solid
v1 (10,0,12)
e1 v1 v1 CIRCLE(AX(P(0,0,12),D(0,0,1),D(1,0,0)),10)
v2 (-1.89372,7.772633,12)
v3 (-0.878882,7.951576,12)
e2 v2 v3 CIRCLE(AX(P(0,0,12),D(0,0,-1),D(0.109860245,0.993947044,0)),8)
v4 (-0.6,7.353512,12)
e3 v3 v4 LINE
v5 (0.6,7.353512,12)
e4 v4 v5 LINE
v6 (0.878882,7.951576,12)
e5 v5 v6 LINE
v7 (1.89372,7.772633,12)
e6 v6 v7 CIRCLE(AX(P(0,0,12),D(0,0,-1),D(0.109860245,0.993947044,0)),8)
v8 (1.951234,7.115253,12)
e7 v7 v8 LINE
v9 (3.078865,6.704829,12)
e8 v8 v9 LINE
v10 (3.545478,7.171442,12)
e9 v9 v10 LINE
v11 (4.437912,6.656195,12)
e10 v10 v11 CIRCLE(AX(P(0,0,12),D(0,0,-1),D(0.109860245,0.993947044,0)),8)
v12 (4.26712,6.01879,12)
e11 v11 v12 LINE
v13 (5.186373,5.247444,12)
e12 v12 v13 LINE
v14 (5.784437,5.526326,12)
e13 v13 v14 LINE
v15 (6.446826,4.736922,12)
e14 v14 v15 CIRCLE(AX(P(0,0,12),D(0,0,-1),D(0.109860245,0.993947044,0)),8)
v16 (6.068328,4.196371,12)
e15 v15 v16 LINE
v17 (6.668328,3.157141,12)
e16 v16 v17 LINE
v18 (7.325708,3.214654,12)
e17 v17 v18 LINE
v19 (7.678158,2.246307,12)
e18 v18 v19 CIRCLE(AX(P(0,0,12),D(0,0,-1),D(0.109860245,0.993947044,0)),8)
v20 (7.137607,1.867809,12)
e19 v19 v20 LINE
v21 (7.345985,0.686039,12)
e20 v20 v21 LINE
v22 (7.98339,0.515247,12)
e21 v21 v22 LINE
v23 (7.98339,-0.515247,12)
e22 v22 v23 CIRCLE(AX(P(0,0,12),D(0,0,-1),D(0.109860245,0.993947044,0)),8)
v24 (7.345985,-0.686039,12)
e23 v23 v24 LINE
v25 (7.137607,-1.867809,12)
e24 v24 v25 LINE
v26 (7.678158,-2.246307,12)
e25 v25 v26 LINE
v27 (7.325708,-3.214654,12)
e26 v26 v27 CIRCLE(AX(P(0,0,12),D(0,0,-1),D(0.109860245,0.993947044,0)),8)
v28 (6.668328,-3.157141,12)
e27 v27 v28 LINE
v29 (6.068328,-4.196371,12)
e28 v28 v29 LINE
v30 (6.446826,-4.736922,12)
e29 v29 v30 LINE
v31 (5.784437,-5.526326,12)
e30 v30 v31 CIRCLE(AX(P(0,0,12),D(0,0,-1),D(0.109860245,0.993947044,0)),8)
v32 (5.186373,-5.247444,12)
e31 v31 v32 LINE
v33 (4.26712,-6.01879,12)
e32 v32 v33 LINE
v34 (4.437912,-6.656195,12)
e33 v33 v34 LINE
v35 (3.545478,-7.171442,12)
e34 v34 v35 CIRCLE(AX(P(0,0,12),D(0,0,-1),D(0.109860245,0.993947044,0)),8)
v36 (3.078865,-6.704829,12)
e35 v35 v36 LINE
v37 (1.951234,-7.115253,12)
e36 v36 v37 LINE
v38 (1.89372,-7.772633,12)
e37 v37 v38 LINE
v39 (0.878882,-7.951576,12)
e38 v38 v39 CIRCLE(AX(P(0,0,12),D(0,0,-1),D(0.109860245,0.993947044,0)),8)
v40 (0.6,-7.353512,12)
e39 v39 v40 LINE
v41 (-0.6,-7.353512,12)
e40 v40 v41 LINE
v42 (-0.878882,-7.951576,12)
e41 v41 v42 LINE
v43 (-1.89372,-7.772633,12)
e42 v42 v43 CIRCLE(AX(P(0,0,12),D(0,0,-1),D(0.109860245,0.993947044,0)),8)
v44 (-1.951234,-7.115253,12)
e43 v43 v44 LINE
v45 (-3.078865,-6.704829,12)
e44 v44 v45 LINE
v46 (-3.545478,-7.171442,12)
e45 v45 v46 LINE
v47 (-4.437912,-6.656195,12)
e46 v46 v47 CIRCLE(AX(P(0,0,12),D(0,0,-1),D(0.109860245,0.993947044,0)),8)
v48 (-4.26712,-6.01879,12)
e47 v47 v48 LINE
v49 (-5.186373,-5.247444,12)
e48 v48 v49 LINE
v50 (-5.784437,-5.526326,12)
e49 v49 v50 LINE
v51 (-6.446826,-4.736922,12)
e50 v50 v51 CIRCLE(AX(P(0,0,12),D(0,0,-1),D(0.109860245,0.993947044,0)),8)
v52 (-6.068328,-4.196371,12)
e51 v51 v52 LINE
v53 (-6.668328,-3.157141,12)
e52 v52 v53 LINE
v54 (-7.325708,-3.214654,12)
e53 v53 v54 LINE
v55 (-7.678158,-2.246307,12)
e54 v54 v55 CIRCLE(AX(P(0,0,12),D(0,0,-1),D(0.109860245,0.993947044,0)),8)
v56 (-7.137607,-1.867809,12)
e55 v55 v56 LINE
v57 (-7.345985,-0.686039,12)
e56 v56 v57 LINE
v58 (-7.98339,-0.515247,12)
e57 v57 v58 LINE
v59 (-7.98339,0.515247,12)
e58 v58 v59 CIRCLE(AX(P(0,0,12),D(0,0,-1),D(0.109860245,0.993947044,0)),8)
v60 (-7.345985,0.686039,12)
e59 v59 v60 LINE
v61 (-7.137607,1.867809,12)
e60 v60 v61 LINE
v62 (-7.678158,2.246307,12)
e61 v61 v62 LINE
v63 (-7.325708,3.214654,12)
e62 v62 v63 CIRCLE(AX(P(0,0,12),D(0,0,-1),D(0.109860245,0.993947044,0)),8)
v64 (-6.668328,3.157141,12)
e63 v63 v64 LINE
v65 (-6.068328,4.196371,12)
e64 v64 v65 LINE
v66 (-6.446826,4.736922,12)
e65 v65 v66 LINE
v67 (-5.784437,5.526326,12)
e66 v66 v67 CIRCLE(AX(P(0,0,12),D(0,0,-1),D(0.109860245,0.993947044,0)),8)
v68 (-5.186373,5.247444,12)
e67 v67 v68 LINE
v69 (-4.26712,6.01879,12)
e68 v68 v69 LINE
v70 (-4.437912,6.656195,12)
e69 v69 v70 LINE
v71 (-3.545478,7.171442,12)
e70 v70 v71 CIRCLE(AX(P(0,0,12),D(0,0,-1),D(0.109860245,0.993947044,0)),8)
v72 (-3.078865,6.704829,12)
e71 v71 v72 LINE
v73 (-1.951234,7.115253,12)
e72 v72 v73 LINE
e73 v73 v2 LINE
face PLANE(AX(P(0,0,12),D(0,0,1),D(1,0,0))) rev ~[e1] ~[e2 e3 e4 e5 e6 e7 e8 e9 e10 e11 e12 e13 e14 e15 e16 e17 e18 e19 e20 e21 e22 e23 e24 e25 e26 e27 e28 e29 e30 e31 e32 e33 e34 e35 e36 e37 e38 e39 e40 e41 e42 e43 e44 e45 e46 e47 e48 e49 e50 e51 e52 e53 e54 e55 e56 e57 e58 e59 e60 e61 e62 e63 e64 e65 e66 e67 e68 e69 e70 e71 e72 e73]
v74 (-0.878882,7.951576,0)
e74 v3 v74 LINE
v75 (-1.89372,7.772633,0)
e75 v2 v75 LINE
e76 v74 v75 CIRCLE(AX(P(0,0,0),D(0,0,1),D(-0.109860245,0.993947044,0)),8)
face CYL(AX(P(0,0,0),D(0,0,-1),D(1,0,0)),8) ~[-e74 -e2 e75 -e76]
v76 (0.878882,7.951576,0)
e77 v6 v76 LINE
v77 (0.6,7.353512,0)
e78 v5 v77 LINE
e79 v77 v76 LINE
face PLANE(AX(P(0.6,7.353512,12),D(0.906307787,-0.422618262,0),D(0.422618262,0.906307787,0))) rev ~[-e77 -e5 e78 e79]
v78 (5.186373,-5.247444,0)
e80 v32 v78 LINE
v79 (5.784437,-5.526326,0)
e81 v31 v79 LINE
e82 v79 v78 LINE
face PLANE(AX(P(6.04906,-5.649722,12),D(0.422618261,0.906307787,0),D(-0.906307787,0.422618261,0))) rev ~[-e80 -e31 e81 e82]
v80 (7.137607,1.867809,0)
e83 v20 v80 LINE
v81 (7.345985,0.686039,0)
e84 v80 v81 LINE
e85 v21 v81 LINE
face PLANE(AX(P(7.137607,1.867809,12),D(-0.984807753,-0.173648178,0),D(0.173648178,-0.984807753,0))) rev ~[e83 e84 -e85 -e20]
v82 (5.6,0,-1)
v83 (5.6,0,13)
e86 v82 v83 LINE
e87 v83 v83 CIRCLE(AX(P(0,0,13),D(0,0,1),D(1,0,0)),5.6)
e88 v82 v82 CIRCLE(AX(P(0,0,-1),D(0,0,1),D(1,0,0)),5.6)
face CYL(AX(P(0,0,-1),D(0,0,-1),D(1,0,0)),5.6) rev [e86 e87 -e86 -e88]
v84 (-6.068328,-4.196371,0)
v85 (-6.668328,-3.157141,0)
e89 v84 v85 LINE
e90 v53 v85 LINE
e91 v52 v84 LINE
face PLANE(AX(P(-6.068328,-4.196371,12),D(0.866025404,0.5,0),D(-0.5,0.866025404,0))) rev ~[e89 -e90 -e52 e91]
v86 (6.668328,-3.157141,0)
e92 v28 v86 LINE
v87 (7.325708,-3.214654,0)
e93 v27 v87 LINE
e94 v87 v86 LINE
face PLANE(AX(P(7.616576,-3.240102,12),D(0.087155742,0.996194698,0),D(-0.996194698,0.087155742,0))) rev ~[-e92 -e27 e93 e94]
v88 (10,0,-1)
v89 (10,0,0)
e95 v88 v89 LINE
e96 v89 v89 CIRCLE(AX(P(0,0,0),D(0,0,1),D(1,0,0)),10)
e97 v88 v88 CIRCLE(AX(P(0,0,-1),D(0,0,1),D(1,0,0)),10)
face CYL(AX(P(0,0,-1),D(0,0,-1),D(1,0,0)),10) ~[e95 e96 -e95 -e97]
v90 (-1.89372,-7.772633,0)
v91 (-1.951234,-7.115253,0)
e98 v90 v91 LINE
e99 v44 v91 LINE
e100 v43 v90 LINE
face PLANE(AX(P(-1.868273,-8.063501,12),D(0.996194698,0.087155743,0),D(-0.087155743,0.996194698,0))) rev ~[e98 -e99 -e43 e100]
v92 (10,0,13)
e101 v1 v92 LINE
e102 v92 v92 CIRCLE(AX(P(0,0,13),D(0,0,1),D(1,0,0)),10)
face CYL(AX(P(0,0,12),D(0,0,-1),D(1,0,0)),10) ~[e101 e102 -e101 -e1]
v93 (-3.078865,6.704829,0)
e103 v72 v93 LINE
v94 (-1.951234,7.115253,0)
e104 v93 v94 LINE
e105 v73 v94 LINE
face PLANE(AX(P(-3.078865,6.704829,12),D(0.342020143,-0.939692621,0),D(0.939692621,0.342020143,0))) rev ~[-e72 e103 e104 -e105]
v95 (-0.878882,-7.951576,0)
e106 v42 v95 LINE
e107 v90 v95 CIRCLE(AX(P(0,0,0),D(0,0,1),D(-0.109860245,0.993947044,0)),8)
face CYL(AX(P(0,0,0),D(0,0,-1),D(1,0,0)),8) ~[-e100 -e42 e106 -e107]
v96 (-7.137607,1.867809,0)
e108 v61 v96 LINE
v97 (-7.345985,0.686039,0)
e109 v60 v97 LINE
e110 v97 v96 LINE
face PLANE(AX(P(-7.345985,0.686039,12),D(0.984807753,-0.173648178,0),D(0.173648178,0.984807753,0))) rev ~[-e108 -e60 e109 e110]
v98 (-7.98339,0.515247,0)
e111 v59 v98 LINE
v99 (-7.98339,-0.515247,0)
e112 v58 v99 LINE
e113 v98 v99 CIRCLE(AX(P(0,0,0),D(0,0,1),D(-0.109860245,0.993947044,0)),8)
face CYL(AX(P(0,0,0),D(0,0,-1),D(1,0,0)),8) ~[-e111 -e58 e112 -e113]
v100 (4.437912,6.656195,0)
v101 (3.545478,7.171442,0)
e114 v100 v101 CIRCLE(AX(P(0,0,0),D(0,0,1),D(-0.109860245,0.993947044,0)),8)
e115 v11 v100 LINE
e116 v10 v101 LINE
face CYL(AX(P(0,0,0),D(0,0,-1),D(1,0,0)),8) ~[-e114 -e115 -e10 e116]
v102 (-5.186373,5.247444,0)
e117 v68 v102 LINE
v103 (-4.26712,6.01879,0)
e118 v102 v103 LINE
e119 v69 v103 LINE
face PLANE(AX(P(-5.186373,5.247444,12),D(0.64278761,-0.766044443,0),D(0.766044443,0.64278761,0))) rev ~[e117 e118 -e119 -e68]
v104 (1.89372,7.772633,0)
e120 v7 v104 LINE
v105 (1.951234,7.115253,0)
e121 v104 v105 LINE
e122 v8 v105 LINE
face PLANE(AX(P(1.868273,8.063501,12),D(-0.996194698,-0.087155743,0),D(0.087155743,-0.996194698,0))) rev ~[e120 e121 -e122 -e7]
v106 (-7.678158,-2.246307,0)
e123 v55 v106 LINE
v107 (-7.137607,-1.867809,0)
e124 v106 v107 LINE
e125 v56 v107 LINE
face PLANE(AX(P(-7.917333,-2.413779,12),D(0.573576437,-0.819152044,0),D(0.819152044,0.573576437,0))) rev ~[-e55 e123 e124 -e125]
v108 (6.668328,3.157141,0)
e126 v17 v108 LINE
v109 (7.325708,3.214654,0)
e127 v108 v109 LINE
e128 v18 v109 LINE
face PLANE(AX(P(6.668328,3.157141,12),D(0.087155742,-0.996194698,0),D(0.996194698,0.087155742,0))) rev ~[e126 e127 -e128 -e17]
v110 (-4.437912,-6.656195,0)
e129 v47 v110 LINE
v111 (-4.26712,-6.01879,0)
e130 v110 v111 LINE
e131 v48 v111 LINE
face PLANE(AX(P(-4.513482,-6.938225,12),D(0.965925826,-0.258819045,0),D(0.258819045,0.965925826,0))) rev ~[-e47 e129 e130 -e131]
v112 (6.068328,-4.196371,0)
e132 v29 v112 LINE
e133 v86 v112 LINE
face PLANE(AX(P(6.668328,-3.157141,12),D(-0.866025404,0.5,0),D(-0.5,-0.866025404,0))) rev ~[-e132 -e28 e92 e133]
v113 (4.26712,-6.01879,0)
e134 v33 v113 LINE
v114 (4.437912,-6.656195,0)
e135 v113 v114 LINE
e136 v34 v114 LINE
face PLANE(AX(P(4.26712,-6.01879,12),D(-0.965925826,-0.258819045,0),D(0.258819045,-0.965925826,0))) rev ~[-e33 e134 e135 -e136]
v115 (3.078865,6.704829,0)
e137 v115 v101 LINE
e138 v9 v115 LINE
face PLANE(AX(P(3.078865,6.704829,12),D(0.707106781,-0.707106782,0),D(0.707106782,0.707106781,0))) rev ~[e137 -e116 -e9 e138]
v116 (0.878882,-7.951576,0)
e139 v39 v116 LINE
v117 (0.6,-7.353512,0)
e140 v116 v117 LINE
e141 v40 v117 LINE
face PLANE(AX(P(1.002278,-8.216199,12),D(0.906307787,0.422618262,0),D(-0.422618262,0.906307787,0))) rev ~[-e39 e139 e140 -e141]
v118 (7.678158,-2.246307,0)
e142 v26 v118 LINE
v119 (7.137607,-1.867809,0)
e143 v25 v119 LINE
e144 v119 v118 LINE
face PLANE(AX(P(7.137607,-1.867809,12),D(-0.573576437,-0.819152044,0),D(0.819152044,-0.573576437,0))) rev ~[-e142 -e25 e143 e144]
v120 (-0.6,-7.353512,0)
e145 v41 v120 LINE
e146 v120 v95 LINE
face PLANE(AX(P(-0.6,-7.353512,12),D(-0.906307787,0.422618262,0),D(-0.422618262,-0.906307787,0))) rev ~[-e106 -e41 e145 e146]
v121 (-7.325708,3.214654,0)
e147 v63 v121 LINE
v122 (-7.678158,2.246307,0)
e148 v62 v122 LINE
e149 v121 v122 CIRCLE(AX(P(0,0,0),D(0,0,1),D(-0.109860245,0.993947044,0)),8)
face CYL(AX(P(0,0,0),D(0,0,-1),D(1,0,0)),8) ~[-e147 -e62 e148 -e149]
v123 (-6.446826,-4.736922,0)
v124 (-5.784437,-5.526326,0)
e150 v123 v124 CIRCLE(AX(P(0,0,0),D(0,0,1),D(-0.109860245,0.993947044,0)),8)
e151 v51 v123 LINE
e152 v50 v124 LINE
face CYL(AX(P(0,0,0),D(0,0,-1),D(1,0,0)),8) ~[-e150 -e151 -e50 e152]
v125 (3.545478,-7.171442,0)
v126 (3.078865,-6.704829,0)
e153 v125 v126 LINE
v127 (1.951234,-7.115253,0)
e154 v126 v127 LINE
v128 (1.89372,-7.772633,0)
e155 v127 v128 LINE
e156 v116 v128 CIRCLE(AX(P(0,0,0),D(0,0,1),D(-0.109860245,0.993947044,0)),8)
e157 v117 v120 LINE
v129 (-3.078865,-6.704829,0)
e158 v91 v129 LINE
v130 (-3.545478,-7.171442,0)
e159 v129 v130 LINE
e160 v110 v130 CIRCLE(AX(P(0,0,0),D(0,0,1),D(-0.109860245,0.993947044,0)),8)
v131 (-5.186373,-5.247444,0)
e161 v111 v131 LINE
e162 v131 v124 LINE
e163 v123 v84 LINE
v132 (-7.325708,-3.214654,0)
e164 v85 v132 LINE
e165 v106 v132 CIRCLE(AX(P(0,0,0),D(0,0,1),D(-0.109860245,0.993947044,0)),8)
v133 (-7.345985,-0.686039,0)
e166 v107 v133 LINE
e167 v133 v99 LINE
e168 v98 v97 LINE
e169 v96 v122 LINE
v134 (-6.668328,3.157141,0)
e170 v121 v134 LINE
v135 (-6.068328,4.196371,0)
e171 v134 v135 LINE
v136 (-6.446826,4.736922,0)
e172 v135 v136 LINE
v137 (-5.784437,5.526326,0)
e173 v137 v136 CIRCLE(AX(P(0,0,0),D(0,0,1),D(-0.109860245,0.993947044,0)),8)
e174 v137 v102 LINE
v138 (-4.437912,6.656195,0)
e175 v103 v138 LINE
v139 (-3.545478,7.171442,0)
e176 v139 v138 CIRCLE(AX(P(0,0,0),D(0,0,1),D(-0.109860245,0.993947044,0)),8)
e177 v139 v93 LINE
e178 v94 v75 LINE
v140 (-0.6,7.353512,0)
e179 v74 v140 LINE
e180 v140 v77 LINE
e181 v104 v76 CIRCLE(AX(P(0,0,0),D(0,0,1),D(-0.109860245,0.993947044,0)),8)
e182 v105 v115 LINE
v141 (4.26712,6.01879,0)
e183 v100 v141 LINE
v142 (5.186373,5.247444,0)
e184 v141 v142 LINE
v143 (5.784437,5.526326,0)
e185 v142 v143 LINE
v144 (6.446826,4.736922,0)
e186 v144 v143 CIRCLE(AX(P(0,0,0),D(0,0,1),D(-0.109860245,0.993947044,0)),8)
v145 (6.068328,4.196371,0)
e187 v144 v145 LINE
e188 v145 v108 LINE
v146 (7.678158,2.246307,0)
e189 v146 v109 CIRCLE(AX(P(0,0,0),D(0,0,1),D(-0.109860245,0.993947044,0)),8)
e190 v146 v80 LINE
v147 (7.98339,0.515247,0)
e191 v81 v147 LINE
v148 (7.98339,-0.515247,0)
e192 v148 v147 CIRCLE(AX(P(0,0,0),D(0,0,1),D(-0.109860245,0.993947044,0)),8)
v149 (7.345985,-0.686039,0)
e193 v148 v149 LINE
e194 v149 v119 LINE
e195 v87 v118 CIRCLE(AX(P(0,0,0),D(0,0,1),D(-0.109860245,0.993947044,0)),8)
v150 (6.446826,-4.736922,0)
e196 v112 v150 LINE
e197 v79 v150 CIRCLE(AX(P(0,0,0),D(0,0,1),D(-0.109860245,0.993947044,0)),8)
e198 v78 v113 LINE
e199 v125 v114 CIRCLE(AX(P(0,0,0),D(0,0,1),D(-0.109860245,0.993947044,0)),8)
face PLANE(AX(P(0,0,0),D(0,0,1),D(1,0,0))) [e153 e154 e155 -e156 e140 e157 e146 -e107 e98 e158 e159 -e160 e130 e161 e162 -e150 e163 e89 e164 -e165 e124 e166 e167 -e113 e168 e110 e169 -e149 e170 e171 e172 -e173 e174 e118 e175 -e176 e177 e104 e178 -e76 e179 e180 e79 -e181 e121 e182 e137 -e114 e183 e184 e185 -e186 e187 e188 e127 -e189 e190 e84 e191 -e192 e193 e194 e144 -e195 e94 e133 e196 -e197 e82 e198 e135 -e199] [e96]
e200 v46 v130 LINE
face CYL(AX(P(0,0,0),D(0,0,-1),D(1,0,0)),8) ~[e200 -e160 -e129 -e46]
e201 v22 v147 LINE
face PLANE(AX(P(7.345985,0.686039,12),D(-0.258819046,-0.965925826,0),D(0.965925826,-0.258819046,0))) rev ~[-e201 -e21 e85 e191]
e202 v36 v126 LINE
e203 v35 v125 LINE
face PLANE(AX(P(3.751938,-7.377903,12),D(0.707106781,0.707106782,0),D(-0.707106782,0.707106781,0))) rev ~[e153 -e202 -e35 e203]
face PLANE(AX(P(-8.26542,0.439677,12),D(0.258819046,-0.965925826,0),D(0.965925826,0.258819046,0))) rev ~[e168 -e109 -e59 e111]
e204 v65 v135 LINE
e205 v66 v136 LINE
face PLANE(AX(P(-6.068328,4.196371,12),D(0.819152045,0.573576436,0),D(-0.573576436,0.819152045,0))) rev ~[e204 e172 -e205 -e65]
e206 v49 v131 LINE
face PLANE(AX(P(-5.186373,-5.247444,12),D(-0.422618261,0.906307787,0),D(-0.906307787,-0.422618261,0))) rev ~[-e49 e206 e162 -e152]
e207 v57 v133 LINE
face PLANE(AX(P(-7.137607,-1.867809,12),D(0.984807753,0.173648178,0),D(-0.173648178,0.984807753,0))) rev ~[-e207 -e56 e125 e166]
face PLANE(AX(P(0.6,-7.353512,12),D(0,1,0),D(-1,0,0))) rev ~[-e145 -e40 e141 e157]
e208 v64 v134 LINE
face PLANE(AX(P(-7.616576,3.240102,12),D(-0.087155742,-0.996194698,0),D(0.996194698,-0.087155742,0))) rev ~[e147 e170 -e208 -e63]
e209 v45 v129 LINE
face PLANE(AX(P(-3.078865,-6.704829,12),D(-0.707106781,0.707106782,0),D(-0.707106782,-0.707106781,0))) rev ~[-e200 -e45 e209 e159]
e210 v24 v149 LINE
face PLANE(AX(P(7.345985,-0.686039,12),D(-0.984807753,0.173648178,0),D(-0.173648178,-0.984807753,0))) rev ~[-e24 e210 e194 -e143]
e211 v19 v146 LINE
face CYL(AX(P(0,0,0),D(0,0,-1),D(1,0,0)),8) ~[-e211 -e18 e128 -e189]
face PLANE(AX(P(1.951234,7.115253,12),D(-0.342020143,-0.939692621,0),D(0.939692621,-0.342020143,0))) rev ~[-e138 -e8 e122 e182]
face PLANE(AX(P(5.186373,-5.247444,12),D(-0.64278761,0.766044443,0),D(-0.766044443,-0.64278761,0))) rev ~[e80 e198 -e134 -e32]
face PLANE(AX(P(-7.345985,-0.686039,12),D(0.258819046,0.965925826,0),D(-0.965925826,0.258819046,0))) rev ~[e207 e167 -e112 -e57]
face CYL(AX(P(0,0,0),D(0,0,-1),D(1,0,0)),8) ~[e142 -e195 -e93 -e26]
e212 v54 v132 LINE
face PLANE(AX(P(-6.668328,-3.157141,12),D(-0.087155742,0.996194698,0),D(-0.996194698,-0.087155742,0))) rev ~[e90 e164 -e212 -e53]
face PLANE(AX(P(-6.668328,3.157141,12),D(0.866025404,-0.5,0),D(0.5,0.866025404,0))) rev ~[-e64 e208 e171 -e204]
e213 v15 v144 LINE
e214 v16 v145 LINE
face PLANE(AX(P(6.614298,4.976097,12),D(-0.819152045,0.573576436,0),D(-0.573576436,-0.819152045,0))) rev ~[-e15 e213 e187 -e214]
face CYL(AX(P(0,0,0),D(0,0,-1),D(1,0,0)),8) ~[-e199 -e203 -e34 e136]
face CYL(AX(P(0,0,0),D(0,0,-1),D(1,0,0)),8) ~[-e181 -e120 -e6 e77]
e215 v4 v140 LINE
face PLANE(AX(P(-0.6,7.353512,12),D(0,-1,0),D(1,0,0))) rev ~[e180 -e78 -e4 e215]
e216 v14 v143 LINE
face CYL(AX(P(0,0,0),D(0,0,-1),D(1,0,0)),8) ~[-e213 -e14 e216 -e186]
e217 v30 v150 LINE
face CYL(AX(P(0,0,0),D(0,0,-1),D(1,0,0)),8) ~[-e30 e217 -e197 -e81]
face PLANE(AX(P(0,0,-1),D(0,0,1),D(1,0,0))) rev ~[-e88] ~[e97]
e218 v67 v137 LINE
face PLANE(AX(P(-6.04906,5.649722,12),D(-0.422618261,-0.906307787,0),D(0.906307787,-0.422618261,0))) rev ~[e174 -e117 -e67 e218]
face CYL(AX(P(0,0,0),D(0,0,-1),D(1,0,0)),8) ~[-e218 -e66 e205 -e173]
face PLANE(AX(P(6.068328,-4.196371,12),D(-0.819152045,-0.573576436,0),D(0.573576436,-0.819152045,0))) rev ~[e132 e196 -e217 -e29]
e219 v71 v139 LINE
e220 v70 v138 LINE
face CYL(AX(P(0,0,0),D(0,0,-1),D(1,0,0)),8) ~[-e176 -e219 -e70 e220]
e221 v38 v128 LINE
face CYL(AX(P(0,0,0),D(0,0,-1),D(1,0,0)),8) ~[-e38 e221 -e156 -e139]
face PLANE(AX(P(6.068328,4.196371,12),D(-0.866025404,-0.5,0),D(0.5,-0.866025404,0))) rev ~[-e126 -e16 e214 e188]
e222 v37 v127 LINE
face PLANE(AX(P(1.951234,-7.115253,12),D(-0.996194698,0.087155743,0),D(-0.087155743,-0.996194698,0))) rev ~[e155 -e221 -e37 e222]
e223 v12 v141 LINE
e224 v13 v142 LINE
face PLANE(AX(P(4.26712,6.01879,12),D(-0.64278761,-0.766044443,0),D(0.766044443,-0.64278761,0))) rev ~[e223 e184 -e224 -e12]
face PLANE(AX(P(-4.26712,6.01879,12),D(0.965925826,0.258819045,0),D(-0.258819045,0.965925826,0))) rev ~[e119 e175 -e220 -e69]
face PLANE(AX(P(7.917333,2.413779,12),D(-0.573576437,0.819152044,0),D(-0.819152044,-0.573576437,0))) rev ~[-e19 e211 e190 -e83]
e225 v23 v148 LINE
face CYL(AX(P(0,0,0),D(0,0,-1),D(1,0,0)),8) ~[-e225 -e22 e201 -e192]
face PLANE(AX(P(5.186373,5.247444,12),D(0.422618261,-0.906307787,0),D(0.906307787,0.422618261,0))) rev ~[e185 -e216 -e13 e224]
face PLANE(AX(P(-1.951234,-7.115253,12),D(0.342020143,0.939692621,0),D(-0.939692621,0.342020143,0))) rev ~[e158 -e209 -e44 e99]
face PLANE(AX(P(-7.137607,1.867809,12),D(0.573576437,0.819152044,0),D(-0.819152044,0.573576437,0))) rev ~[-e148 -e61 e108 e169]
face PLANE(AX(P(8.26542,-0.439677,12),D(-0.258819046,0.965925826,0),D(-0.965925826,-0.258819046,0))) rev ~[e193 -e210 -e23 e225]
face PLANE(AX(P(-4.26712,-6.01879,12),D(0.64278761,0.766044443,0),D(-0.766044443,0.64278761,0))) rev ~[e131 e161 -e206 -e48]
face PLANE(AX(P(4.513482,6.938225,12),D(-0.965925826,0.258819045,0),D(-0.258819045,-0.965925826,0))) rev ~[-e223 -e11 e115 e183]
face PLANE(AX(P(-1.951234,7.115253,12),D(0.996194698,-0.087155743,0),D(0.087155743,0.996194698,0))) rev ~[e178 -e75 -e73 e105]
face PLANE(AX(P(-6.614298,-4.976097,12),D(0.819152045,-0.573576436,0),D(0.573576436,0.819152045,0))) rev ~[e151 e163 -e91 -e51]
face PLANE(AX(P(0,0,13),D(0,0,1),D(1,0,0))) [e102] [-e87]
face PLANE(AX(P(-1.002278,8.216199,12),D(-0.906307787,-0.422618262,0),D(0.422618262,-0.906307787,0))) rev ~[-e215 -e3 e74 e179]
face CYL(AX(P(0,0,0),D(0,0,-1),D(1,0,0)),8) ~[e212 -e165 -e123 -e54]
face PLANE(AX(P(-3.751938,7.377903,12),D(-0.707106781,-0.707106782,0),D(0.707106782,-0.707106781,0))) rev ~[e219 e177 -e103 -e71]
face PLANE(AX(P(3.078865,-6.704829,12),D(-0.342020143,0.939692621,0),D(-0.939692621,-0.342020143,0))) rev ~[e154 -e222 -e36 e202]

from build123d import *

# Parameters (mm, degrees)
ESQUISSE1_R                  = 8
ESQUISSE1_R_2                = 5.6
EXTRUSION1_DEPTH             = 12
EXTRUSION2_DEPTH             = 17.492422502
R_P_TITION_CIRCULAIRE1_COUNT = 18
ESQUISSE3_R                  = 10
ESQUISSE3_R_2                = 5.6
EXTRUSION3_DEPTH             = 1
R_P_TITION_LIN_AIRE1_COUNT   = 2
R_P_TITION_LIN_AIRE1_PITCH   = 13


with BuildPart() as part:
    # Esquisse1 → Extrusion1 (new body)
    with BuildSketch(Plane.XY):
        Circle(ESQUISSE1_R)
        Circle(ESQUISSE1_R_2, mode=Mode.SUBTRACT)
    extrude(amount=EXTRUSION1_DEPTH)

    # Esquisse2 → Extrusion2 (cut, through all)
    with BuildSketch(Plane.XY.offset(12)):
        Polygon((-0.6, 7.353512063), (0.6, 7.353512063), (1.002277566, 8.216199086), (-1.002277566, 8.216199086), align=None)
    extrusion2 = extrude(amount=-EXTRUSION2_DEPTH, mode=Mode.SUBTRACT)

    # Répétition circulaire1: Extrusion2 ×18 about axis
    r_p_tition_circulaire1_axis = Axis((0, 0, 0), (0, 0, 1))
    for i in range(1, R_P_TITION_CIRCULAIRE1_COUNT):
        add(extrusion2.rotate(r_p_tition_circulaire1_axis, i * 360 / R_P_TITION_CIRCULAIRE1_COUNT), mode=Mode.SUBTRACT)

    # Esquisse3 → Extrusion3 (add)
    with BuildSketch(Plane.XY.offset(12)):
        Circle(ESQUISSE3_R)
        Circle(ESQUISSE3_R_2, mode=Mode.SUBTRACT)
    extrusion3 = extrude(amount=EXTRUSION3_DEPTH)

    # Répétition linéaire1: Extrusion3 ×2
    with Locations(*[(0, 0, -i * R_P_TITION_LIN_AIRE1_PITCH) for i in range(1, R_P_TITION_LIN_AIRE1_COUNT)]):
        add(extrusion3)


solid = part.part
